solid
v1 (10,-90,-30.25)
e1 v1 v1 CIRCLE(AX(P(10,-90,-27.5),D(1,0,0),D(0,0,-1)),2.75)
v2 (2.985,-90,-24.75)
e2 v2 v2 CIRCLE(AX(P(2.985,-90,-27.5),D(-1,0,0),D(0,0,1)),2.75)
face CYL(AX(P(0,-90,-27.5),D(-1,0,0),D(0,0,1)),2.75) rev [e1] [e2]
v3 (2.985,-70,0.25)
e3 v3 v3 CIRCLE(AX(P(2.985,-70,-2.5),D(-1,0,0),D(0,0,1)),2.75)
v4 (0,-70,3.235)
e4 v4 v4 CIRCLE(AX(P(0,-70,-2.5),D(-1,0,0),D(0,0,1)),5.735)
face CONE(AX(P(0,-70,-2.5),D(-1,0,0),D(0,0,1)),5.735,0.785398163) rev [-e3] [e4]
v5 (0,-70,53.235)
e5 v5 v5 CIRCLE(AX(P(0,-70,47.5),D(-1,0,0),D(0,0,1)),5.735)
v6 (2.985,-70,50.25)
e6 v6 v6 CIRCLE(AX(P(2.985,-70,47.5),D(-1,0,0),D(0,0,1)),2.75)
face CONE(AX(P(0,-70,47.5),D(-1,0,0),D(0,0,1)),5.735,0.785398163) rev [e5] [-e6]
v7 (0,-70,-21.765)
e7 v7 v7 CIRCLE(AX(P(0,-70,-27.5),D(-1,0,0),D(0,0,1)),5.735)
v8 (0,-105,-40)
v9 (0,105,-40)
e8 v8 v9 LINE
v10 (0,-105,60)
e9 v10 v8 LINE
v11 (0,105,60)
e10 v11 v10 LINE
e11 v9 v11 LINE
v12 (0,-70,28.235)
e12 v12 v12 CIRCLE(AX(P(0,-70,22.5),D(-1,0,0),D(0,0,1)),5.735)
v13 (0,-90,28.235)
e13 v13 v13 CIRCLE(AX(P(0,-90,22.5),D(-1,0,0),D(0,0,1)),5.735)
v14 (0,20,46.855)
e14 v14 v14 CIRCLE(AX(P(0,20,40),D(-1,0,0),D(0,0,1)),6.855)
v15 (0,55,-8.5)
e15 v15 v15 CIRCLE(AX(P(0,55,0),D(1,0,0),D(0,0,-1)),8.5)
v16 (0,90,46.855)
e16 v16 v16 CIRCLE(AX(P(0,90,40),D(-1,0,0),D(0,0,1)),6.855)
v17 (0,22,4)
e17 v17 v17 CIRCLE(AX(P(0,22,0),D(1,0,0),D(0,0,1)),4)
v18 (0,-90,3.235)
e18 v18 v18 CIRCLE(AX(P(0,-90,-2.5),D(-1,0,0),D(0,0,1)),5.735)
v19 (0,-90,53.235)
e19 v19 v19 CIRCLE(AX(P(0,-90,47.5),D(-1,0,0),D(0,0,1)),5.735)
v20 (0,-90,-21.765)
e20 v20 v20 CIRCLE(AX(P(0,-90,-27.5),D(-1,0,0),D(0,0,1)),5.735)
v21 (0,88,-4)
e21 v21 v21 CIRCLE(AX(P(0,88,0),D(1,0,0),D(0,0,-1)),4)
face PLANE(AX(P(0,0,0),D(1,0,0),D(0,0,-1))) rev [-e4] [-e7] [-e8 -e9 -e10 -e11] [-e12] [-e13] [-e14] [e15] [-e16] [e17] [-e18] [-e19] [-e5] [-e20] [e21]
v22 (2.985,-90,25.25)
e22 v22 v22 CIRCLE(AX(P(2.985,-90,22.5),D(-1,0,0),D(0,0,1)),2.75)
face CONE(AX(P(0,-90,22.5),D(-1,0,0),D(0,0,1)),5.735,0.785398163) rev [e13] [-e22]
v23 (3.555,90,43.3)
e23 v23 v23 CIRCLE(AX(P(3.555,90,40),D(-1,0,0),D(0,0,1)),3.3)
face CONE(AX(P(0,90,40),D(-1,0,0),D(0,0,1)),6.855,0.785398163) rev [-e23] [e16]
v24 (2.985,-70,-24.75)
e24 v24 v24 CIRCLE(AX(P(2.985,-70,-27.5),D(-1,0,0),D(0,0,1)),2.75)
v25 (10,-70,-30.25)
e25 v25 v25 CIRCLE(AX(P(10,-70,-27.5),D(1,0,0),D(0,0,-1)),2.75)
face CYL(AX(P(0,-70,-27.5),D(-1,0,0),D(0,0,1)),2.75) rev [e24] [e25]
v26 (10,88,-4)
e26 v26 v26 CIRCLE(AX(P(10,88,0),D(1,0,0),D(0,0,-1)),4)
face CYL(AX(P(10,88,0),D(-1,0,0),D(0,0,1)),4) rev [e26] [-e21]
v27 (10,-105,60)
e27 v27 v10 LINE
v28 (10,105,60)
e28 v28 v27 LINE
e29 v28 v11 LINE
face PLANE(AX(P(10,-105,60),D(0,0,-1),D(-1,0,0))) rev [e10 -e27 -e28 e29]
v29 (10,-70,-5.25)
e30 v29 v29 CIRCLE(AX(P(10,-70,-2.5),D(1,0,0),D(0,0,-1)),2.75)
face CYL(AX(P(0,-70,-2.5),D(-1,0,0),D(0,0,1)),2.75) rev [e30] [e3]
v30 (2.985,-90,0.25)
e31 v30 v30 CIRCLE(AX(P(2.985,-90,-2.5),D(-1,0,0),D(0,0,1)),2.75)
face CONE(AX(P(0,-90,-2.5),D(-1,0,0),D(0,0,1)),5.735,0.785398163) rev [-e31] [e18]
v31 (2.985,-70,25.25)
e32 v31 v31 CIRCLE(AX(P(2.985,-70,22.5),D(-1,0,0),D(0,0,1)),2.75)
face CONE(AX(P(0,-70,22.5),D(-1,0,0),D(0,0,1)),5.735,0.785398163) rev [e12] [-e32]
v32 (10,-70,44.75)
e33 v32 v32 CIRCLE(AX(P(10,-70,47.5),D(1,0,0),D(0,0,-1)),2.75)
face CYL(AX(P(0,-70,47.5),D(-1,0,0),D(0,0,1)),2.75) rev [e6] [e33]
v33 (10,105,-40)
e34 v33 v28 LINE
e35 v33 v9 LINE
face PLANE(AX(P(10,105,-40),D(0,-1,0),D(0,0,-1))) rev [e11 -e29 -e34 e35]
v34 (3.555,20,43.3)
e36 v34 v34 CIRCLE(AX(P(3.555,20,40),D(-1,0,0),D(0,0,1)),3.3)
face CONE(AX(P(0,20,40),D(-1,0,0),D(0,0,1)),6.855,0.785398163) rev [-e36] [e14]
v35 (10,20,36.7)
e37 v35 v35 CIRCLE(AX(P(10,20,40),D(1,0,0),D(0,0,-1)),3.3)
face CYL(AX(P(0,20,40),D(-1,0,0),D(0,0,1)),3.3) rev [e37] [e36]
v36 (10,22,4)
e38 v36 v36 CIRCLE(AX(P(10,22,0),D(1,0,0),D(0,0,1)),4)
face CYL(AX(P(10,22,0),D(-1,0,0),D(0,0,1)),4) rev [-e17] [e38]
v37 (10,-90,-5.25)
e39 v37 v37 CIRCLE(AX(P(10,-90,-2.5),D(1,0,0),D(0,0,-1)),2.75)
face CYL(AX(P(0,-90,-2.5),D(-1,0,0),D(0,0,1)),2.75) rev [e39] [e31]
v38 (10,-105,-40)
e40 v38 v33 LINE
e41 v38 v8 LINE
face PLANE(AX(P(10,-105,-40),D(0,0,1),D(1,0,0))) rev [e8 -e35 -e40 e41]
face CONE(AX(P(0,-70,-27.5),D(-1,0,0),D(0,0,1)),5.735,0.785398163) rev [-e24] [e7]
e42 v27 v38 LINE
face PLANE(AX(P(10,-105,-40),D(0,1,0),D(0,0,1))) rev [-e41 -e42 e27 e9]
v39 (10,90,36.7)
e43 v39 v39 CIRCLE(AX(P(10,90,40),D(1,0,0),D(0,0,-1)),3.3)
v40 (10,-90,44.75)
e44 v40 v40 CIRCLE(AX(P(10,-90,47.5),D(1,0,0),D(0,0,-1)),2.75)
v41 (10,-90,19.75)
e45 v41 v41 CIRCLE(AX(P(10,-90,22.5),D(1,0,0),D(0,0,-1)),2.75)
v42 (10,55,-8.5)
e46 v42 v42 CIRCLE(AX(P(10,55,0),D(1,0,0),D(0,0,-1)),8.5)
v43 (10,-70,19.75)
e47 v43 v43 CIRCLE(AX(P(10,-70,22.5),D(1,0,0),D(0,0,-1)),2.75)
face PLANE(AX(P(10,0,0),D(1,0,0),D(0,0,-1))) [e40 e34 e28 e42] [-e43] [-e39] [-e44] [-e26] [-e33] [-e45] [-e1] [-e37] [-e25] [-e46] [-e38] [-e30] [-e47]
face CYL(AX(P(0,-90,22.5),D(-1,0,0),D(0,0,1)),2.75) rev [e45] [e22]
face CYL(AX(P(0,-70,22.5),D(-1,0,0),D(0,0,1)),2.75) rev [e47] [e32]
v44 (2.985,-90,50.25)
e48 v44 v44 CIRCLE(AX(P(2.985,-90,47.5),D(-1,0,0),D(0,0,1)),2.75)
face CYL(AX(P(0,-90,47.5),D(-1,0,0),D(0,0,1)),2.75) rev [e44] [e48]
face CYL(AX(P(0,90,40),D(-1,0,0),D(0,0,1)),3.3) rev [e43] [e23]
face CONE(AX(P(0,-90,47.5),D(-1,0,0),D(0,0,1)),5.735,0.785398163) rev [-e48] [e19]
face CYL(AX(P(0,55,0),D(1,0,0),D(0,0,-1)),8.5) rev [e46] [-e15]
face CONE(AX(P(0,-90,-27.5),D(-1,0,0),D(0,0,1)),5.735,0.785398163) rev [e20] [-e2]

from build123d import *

# Parameters (mm, degrees)
SKETCH2_W                                            = 100
SKETCH2_H                                            = 210
SKETCH2_R                                            = 4
BOSS_EXTRUDE1_DEPTH                                  = 10
SKETCH3_R                                            = 2.5
MOUNT_DEPTH                                          = 11
SKETCH7_R                                            = 2.5
SUPPORT_PROFILE_MOUNT_DEPTH                          = 11
SKETCH5_R                                            = 8.5
BEARING_MOUNT_DEPTH                                  = 11
CSK_FOR_M6_SOCKET_COUNTERSUNK_HEAD_SCREW_D           = 6.6
CSK_FOR_M6_SOCKET_COUNTERSUNK_HEAD_SCREW_DEPTH       = 15
CSK_FOR_M6_SOCKET_COUNTERSUNK_HEAD_SCREW_CSINK_D     = 13.71
CSK_FOR_M6_SOCKET_COUNTERSUNK_HEAD_SCREW_CSINK_ANGLE = 90
CSK_FOR_M6_SOCKET_COUNTERSUNK_HEAD_SCREW_TIP         = 1.982840043
CSK_FOR_M5_SOCKET_COUNTERSUNK_HEAD_SCREW_D           = 5.5
CSK_FOR_M5_SOCKET_COUNTERSUNK_HEAD_SCREW_DEPTH       = 15
CSK_FOR_M5_SOCKET_COUNTERSUNK_HEAD_SCREW_CSINK_D     = 11.47
CSK_FOR_M5_SOCKET_COUNTERSUNK_HEAD_SCREW_CSINK_ANGLE = 90
CSK_FOR_M5_SOCKET_COUNTERSUNK_HEAD_SCREW_TIP         = 1.652366702


with BuildPart() as part:
    # Sketch2 → Boss-Extrude1 (new body)
    with BuildSketch(Plane(origin=(0, 0, 0), x_dir=(0, 0, -1), z_dir=(1, 0, 0))):
        with Locations((-10, 0)):
            Rectangle(SKETCH2_W, SKETCH2_H)
        with Locations((0, 88)):
            Circle(SKETCH2_R, mode=Mode.SUBTRACT)
        with Locations((0, 22)):
            Circle(SKETCH2_R, mode=Mode.SUBTRACT)
    extrude(amount=BOSS_EXTRUDE1_DEPTH)

    # Sketch3 → mount (cut, through all)
    with BuildSketch(Plane(origin=(10, 0, 0), x_dir=(0, 0, -1), z_dir=(1, 0, 0))):
        with Locations((-22.5, -70)):
            Circle(SKETCH3_R)
        with Locations((-47.5, -70)):
            Circle(SKETCH3_R)
        with Locations((-47.5, -90)):
            Circle(SKETCH3_R)
        with Locations((-22.5, -90)):
            Circle(SKETCH3_R)
        with Locations((2.5, -90)):
            Circle(SKETCH3_R)
        with Locations((27.5, -90)):
            Circle(SKETCH3_R)
        with Locations((27.5, -70)):
            Circle(SKETCH3_R)
        with Locations((2.5, -70)):
            Circle(SKETCH3_R)
    extrude(amount=-MOUNT_DEPTH, mode=Mode.SUBTRACT)

    # Sketch7 → support_profile_mount (cut, through all)
    with BuildSketch(Plane(origin=(10, 0, 0), x_dir=(0, 0, -1), z_dir=(1, 0, 0))):
        with Locations((-40, 90)):
            Circle(SKETCH7_R)
        with Locations((-40, 20)):
            Circle(SKETCH7_R)
    extrude(amount=-SUPPORT_PROFILE_MOUNT_DEPTH, mode=Mode.SUBTRACT)

    # Sketch5 → bearing_mount (cut, through all)
    with BuildSketch(Plane(origin=(10, 0, 0), x_dir=(0, 0, -1), z_dir=(1, 0, 0))):
        with Locations((0, 55)):
            Circle(SKETCH5_R)
    extrude(amount=-BEARING_MOUNT_DEPTH, mode=Mode.SUBTRACT)

    # CSK for M6 socket countersunk head screw
    with Locations(Plane.ZY):
        with Locations((40, 90), (40, 20)):
            CounterSinkHole(CSK_FOR_M6_SOCKET_COUNTERSUNK_HEAD_SCREW_D / 2, CSK_FOR_M6_SOCKET_COUNTERSUNK_HEAD_SCREW_CSINK_D / 2, depth=CSK_FOR_M6_SOCKET_COUNTERSUNK_HEAD_SCREW_DEPTH, counter_sink_angle=CSK_FOR_M6_SOCKET_COUNTERSUNK_HEAD_SCREW_CSINK_ANGLE)
            with Locations((0, 0, -(CSK_FOR_M6_SOCKET_COUNTERSUNK_HEAD_SCREW_DEPTH + CSK_FOR_M6_SOCKET_COUNTERSUNK_HEAD_SCREW_TIP / 2))):  # 118° drill point
                Cone(0, CSK_FOR_M6_SOCKET_COUNTERSUNK_HEAD_SCREW_D / 2, CSK_FOR_M6_SOCKET_COUNTERSUNK_HEAD_SCREW_TIP, mode=Mode.SUBTRACT)

    # CSK for M5 socket countersunk head screw
    with Locations(Plane.ZY):
        with Locations((-27.5, -70), (-2.5, -70), (22.5, -70), (47.5, -70), (47.5, -90), (22.5, -90), (-2.5, -90), (-27.5, -90)):
            CounterSinkHole(CSK_FOR_M5_SOCKET_COUNTERSUNK_HEAD_SCREW_D / 2, CSK_FOR_M5_SOCKET_COUNTERSUNK_HEAD_SCREW_CSINK_D / 2, depth=CSK_FOR_M5_SOCKET_COUNTERSUNK_HEAD_SCREW_DEPTH, counter_sink_angle=CSK_FOR_M5_SOCKET_COUNTERSUNK_HEAD_SCREW_CSINK_ANGLE)
            with Locations((0, 0, -(CSK_FOR_M5_SOCKET_COUNTERSUNK_HEAD_SCREW_DEPTH + CSK_FOR_M5_SOCKET_COUNTERSUNK_HEAD_SCREW_TIP / 2))):  # 118° drill point
                Cone(0, CSK_FOR_M5_SOCKET_COUNTERSUNK_HEAD_SCREW_D / 2, CSK_FOR_M5_SOCKET_COUNTERSUNK_HEAD_SCREW_TIP, mode=Mode.SUBTRACT)


solid = part.part
